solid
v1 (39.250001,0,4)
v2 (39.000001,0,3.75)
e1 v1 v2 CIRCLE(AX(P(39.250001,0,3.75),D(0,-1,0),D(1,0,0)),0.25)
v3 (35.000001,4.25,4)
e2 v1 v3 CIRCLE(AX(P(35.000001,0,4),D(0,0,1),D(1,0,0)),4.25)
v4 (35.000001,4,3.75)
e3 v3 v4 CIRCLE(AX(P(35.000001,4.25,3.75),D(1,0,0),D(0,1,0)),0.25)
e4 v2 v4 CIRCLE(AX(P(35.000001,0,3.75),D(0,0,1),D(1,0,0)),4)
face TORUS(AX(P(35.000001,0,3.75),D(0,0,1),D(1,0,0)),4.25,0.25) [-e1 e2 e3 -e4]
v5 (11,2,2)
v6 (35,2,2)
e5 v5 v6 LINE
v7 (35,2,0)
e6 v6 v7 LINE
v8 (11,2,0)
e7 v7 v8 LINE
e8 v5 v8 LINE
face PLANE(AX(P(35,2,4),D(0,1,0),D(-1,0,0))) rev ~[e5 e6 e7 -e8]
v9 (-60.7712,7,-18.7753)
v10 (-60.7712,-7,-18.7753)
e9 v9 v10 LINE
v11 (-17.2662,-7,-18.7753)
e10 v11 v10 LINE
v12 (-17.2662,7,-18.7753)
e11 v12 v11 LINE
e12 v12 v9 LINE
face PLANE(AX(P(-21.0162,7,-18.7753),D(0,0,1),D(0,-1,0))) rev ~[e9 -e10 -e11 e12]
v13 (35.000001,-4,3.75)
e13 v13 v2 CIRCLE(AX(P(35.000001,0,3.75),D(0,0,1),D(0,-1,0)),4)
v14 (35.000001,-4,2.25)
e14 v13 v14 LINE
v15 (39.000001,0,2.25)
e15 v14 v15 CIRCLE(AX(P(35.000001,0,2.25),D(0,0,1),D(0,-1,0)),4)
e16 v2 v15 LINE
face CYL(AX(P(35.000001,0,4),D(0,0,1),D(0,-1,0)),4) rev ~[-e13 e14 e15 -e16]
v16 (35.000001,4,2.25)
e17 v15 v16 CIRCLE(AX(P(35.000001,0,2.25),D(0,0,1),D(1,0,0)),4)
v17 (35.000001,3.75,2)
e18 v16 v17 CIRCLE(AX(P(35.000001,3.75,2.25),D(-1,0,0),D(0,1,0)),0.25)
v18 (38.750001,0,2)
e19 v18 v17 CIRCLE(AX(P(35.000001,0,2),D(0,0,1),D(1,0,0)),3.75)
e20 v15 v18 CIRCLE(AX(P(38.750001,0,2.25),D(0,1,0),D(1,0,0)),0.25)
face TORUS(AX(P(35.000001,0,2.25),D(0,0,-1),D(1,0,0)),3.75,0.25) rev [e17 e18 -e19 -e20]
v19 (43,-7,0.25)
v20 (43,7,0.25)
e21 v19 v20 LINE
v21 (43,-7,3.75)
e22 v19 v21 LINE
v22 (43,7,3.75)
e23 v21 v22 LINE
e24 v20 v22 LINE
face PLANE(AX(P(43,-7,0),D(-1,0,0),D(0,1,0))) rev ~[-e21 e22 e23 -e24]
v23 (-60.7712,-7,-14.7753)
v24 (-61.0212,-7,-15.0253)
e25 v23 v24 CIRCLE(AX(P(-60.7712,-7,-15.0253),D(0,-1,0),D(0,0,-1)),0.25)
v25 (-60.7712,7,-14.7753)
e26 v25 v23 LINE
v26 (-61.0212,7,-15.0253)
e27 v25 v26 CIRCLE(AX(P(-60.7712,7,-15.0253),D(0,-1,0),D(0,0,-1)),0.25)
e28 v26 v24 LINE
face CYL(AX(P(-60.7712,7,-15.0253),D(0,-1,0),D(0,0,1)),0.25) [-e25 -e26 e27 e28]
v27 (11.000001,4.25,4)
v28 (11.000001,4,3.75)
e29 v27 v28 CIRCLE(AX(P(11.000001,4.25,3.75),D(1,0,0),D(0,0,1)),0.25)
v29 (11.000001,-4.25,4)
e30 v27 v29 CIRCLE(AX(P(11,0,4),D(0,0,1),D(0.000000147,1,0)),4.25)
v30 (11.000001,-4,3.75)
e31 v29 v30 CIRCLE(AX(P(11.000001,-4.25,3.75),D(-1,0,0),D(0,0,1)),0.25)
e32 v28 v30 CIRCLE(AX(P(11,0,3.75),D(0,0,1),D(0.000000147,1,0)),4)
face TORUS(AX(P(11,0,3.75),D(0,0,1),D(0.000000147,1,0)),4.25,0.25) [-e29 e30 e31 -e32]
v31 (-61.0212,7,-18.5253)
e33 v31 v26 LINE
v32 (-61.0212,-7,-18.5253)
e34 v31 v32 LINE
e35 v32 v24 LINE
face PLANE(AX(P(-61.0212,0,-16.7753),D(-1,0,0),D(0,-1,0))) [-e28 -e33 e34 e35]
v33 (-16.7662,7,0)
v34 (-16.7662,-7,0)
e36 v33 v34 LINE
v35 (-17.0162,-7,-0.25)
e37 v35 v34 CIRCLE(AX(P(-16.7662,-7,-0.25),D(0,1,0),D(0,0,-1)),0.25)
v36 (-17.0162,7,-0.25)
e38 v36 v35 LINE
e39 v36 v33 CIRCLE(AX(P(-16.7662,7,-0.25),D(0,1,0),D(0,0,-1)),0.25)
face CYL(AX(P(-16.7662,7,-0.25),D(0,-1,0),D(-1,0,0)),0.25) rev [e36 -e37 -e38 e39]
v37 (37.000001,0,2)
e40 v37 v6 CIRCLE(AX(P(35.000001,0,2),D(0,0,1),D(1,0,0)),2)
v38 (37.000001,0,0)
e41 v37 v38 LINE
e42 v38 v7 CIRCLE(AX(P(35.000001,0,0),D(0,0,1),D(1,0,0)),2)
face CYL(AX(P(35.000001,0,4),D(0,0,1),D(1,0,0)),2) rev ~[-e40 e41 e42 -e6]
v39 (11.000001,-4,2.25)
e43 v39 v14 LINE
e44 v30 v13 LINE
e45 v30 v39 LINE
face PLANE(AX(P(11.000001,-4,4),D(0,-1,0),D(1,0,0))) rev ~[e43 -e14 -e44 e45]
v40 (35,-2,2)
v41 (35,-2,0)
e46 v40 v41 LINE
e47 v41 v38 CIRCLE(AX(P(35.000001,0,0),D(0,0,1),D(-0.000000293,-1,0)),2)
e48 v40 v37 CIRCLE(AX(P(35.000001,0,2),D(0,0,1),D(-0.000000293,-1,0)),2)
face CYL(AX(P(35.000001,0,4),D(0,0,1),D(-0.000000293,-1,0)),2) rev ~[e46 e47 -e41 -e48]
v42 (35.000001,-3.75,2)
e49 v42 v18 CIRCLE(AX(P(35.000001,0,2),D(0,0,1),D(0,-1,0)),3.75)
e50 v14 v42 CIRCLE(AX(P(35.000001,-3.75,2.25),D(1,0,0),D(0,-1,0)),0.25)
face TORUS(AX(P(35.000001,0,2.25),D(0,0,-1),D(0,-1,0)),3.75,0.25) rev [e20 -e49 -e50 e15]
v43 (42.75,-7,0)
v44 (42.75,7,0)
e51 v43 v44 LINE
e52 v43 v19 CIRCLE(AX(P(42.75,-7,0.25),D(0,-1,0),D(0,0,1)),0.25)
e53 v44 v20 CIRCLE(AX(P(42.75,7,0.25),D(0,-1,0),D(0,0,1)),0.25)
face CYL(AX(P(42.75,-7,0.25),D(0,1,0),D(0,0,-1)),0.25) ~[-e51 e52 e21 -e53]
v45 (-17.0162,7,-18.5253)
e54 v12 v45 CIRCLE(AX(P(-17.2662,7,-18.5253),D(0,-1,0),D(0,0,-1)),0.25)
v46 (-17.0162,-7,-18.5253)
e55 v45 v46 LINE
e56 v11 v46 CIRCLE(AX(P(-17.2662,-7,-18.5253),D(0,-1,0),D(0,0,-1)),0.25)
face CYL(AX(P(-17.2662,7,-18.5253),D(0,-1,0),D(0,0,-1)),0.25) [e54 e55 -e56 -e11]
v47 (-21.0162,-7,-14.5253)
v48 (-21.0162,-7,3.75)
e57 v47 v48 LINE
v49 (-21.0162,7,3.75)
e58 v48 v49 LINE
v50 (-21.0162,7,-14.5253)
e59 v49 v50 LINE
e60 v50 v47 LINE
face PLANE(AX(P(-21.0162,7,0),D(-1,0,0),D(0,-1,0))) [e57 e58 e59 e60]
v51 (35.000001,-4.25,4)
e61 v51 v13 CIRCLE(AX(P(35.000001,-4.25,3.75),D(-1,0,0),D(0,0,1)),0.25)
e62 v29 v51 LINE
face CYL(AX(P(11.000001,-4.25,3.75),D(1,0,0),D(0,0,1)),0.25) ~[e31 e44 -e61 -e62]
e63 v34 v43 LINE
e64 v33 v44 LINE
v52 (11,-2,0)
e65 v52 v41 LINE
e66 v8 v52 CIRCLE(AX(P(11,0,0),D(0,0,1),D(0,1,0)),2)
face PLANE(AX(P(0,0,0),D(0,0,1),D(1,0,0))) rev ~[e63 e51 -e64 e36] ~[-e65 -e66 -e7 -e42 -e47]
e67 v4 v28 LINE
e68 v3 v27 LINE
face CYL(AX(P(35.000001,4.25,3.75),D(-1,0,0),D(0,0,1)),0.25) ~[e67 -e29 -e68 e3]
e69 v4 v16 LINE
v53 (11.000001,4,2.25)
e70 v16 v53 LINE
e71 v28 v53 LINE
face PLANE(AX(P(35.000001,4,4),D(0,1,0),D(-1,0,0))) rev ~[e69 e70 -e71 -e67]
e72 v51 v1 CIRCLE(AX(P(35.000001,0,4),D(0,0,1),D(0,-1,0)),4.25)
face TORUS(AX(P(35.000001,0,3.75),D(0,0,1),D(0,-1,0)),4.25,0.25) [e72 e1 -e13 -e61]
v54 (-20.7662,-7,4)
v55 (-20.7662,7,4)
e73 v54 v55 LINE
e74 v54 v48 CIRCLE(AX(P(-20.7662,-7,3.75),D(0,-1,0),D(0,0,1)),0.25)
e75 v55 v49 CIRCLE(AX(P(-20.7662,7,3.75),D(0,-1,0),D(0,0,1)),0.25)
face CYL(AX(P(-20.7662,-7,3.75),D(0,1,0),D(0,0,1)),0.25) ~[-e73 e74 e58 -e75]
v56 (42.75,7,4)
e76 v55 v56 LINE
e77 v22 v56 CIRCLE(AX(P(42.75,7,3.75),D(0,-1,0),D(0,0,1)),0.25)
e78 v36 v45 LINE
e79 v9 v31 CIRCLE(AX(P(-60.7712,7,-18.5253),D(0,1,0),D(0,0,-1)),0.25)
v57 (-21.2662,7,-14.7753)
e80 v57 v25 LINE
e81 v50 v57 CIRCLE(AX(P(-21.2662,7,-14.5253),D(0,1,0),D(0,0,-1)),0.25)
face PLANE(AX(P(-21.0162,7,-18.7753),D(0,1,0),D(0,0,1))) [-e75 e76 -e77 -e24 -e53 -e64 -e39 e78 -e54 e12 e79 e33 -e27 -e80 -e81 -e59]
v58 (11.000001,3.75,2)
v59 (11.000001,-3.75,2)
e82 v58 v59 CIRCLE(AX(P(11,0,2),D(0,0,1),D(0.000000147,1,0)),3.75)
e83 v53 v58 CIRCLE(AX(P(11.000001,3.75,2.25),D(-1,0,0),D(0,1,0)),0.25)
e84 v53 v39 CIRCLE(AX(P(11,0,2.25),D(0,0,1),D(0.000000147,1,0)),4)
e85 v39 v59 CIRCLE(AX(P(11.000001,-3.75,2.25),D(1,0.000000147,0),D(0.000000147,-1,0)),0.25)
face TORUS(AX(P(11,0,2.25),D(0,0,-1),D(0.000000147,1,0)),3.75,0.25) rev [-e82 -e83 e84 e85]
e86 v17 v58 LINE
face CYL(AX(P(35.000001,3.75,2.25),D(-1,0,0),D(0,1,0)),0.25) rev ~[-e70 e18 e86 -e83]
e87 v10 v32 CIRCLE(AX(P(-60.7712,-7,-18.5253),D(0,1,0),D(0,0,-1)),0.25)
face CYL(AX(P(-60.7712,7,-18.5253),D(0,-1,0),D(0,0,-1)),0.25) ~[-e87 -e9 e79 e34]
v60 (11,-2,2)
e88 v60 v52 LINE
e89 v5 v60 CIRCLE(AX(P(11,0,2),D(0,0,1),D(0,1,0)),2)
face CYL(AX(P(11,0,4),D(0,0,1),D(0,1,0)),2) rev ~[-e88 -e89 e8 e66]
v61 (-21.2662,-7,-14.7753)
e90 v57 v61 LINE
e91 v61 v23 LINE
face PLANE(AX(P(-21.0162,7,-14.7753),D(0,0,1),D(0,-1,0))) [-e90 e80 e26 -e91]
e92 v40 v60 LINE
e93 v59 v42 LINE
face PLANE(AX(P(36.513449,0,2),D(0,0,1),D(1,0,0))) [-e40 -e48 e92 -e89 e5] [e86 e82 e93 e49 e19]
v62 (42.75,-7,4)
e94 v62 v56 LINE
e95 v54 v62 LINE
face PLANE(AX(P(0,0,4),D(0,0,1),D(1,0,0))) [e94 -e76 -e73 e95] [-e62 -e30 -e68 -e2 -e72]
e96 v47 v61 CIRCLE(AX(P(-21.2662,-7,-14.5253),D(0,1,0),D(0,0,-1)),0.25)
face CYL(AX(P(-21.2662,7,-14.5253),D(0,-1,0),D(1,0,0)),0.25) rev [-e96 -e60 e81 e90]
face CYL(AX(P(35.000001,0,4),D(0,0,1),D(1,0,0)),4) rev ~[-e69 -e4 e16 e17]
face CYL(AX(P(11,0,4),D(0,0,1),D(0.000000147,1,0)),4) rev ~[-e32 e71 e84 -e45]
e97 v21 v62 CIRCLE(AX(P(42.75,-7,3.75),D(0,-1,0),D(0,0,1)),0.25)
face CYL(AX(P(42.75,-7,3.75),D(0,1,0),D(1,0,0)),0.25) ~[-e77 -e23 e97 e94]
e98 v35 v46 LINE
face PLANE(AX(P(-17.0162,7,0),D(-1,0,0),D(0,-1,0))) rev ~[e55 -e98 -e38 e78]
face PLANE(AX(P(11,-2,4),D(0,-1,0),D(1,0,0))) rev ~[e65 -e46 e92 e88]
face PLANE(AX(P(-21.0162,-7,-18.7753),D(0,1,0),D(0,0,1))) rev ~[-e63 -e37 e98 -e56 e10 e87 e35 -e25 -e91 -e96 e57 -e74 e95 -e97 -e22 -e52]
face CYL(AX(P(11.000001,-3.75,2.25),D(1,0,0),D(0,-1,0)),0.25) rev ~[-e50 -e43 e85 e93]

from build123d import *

# Parameters (mm, degrees)
F0_W      = 86
F0_H      = 14
F1_DEPTH  = 4
F3_DEPTH  = 4
F5_DEPTH  = 2
F6_R      = 0.25
F7_W      = 21.9838
F7_H      = 14
F8_DEPTH  = 4
F9_W      = 4
F9_H      = 14
F10_DEPTH = 18.7753
F11_W     = 14
F11_H     = 4
F12_DEPTH = 40.005
F13_R     = 0.25


with BuildPart() as f1:
    # F0 (on Top) → F1 (new body)
    with BuildSketch(Plane.XY):
        Rectangle(F0_W, F0_H)
    extrude(amount=F1_DEPTH)

    # F2 (on face) → F3 (cut)
    with BuildSketch(Plane.XY.offset(4)):
        with BuildLine():
            ThreePointArc((35, -2), (36.4142139414, -1.4142137697), (37.0000005863, 0))
            ThreePointArc((37.0000005863, 0), (36.4142139414, 1.4142137697), (35, 2))
            Line((35, 2), (35, -2))
        make_face()
        with BuildLine():
            Line((35, -2), (35, 2))
            ThreePointArc((35, 2), (33.0000005863, 0), (35, -2))
        make_face()
        with BuildLine():
            ThreePointArc((35, -2), (33.0000005863, 0), (35, 2))
            Line((35, 2), (11, 2))
            ThreePointArc((11, 2), (12.4142135624, 1.4142135624), (13, 0))
            ThreePointArc((13, 0), (12.4142135624, -1.4142135624), (11, -2))
            Line((11, -2), (35, -2))
        make_face()
        with BuildLine():
            Line((11, -2), (11, 2))
            ThreePointArc((11, 2), (9, 0), (11, -2))
        make_face()
        with BuildLine():
            ThreePointArc((13, 0), (12.4142135624, 1.4142135624), (11, 2))
            Line((11, 2), (11, -2))
            ThreePointArc((11, -2), (12.4142135624, -1.4142135624), (13, 0))
        make_face()
    extrude(amount=-F3_DEPTH, mode=Mode.SUBTRACT)

    # F4 (on face) → F5 (cut)
    with BuildSketch(Plane.XY.offset(4)):
        with BuildLine():
            ThreePointArc((35.0000005863, -4), (37.8284277111, -2.8284271247), (39.0000005863, 0))
            ThreePointArc((39.0000005863, 0), (37.8284277111, 2.8284271247), (35.0000005863, 4))
            Line((35.0000005863, 4), (35.0000005863, -4))
        make_face()
        with BuildLine():
            Line((35.0000005863, -4), (35.0000005863, 4))
            ThreePointArc((35.0000005863, 4), (31.0000005863, 0), (35.0000005863, -4))
        make_face()
        with BuildLine():
            ThreePointArc((35.0000005863, -4), (31.0000005863, 0), (35.0000005863, 4))
            Line((35.0000005863, 4), (11.0000005863, 4))
            ThreePointArc((11.0000005863, 4), (13.828427332, 2.8284269175), (15, 0))
            ThreePointArc((15, 0), (13.828427332, -2.8284269175), (11.0000005863, -4))
            Line((11.0000005863, -4), (35.0000005863, -4))
        make_face()
        with BuildLine():
            Line((11.0000005863, -4), (11.0000005863, 4))
            ThreePointArc((11.0000005863, 4), (7, 0), (11.0000005863, -4))
        make_face()
        with BuildLine():
            ThreePointArc((15, 0), (13.828427332, 2.8284269175), (11.0000005863, 4))
            Line((11.0000005863, 4), (11.0000005863, -4))
            ThreePointArc((11.0000005863, -4), (13.828427332, -2.8284269175), (15, 0))
        make_face()
    extrude(amount=-F5_DEPTH, mode=Mode.SUBTRACT)

    # F6
    f6_edges = [f1.edges().sort_by_distance(p)[0] for p in [
        (23.000001, 4, 2),
        (7, 0, 2),
        (23.000001, -4, 2),
        (39.000001, 0, 2),
        (23.000001, -4, 4),
        (7, 0, 4),
        (23.000001, 4, 4),
        (39.000001, 0, 4),
    ]]
    fillet(f6_edges, radius=F6_R)

    # F7 (on face) → F8 (cut)
    with BuildSketch(Plane.XY.offset(4)):
        with Locations((-32.0081, 0)):
            Rectangle(F7_W, F7_H)
    extrude(amount=-F8_DEPTH, mode=Mode.SUBTRACT)

    # F9 (on face) → F10 (join)
    with BuildSketch(Plane(origin=(0, 0, 0), x_dir=(1, 0, 0), z_dir=(0, 0, -1))):
        with Locations((-19.0162, 0)):
            Rectangle(F9_W, F9_H)
    extrude(amount=F10_DEPTH)

    # F11 (on face) → F12 (join)
    with BuildSketch(Plane(origin=(-21.0162, 0, 0), x_dir=(0, -1, 0), z_dir=(-1, 0, 0))):
        with Locations((0, -16.7753)):
            Rectangle(F11_W, F11_H)
    extrude(amount=F12_DEPTH)

    # F13
    f13_edges = [f1.edges().sort_by_distance(p)[0] for p in [
        (-17.0162, 0, 0),
        (-17.0162, 0, -18.7753),
        (43, 0, 0),
        (43, 0, 4),
        (-21.0162, 0, -14.7753),
        (-21.0162, 0, 4),
        (-61.0212, 0, -14.7753),
        (-61.0212, 0, -18.7753),
    ]]
    fillet(f13_edges, radius=F13_R)


solid = f1.part
